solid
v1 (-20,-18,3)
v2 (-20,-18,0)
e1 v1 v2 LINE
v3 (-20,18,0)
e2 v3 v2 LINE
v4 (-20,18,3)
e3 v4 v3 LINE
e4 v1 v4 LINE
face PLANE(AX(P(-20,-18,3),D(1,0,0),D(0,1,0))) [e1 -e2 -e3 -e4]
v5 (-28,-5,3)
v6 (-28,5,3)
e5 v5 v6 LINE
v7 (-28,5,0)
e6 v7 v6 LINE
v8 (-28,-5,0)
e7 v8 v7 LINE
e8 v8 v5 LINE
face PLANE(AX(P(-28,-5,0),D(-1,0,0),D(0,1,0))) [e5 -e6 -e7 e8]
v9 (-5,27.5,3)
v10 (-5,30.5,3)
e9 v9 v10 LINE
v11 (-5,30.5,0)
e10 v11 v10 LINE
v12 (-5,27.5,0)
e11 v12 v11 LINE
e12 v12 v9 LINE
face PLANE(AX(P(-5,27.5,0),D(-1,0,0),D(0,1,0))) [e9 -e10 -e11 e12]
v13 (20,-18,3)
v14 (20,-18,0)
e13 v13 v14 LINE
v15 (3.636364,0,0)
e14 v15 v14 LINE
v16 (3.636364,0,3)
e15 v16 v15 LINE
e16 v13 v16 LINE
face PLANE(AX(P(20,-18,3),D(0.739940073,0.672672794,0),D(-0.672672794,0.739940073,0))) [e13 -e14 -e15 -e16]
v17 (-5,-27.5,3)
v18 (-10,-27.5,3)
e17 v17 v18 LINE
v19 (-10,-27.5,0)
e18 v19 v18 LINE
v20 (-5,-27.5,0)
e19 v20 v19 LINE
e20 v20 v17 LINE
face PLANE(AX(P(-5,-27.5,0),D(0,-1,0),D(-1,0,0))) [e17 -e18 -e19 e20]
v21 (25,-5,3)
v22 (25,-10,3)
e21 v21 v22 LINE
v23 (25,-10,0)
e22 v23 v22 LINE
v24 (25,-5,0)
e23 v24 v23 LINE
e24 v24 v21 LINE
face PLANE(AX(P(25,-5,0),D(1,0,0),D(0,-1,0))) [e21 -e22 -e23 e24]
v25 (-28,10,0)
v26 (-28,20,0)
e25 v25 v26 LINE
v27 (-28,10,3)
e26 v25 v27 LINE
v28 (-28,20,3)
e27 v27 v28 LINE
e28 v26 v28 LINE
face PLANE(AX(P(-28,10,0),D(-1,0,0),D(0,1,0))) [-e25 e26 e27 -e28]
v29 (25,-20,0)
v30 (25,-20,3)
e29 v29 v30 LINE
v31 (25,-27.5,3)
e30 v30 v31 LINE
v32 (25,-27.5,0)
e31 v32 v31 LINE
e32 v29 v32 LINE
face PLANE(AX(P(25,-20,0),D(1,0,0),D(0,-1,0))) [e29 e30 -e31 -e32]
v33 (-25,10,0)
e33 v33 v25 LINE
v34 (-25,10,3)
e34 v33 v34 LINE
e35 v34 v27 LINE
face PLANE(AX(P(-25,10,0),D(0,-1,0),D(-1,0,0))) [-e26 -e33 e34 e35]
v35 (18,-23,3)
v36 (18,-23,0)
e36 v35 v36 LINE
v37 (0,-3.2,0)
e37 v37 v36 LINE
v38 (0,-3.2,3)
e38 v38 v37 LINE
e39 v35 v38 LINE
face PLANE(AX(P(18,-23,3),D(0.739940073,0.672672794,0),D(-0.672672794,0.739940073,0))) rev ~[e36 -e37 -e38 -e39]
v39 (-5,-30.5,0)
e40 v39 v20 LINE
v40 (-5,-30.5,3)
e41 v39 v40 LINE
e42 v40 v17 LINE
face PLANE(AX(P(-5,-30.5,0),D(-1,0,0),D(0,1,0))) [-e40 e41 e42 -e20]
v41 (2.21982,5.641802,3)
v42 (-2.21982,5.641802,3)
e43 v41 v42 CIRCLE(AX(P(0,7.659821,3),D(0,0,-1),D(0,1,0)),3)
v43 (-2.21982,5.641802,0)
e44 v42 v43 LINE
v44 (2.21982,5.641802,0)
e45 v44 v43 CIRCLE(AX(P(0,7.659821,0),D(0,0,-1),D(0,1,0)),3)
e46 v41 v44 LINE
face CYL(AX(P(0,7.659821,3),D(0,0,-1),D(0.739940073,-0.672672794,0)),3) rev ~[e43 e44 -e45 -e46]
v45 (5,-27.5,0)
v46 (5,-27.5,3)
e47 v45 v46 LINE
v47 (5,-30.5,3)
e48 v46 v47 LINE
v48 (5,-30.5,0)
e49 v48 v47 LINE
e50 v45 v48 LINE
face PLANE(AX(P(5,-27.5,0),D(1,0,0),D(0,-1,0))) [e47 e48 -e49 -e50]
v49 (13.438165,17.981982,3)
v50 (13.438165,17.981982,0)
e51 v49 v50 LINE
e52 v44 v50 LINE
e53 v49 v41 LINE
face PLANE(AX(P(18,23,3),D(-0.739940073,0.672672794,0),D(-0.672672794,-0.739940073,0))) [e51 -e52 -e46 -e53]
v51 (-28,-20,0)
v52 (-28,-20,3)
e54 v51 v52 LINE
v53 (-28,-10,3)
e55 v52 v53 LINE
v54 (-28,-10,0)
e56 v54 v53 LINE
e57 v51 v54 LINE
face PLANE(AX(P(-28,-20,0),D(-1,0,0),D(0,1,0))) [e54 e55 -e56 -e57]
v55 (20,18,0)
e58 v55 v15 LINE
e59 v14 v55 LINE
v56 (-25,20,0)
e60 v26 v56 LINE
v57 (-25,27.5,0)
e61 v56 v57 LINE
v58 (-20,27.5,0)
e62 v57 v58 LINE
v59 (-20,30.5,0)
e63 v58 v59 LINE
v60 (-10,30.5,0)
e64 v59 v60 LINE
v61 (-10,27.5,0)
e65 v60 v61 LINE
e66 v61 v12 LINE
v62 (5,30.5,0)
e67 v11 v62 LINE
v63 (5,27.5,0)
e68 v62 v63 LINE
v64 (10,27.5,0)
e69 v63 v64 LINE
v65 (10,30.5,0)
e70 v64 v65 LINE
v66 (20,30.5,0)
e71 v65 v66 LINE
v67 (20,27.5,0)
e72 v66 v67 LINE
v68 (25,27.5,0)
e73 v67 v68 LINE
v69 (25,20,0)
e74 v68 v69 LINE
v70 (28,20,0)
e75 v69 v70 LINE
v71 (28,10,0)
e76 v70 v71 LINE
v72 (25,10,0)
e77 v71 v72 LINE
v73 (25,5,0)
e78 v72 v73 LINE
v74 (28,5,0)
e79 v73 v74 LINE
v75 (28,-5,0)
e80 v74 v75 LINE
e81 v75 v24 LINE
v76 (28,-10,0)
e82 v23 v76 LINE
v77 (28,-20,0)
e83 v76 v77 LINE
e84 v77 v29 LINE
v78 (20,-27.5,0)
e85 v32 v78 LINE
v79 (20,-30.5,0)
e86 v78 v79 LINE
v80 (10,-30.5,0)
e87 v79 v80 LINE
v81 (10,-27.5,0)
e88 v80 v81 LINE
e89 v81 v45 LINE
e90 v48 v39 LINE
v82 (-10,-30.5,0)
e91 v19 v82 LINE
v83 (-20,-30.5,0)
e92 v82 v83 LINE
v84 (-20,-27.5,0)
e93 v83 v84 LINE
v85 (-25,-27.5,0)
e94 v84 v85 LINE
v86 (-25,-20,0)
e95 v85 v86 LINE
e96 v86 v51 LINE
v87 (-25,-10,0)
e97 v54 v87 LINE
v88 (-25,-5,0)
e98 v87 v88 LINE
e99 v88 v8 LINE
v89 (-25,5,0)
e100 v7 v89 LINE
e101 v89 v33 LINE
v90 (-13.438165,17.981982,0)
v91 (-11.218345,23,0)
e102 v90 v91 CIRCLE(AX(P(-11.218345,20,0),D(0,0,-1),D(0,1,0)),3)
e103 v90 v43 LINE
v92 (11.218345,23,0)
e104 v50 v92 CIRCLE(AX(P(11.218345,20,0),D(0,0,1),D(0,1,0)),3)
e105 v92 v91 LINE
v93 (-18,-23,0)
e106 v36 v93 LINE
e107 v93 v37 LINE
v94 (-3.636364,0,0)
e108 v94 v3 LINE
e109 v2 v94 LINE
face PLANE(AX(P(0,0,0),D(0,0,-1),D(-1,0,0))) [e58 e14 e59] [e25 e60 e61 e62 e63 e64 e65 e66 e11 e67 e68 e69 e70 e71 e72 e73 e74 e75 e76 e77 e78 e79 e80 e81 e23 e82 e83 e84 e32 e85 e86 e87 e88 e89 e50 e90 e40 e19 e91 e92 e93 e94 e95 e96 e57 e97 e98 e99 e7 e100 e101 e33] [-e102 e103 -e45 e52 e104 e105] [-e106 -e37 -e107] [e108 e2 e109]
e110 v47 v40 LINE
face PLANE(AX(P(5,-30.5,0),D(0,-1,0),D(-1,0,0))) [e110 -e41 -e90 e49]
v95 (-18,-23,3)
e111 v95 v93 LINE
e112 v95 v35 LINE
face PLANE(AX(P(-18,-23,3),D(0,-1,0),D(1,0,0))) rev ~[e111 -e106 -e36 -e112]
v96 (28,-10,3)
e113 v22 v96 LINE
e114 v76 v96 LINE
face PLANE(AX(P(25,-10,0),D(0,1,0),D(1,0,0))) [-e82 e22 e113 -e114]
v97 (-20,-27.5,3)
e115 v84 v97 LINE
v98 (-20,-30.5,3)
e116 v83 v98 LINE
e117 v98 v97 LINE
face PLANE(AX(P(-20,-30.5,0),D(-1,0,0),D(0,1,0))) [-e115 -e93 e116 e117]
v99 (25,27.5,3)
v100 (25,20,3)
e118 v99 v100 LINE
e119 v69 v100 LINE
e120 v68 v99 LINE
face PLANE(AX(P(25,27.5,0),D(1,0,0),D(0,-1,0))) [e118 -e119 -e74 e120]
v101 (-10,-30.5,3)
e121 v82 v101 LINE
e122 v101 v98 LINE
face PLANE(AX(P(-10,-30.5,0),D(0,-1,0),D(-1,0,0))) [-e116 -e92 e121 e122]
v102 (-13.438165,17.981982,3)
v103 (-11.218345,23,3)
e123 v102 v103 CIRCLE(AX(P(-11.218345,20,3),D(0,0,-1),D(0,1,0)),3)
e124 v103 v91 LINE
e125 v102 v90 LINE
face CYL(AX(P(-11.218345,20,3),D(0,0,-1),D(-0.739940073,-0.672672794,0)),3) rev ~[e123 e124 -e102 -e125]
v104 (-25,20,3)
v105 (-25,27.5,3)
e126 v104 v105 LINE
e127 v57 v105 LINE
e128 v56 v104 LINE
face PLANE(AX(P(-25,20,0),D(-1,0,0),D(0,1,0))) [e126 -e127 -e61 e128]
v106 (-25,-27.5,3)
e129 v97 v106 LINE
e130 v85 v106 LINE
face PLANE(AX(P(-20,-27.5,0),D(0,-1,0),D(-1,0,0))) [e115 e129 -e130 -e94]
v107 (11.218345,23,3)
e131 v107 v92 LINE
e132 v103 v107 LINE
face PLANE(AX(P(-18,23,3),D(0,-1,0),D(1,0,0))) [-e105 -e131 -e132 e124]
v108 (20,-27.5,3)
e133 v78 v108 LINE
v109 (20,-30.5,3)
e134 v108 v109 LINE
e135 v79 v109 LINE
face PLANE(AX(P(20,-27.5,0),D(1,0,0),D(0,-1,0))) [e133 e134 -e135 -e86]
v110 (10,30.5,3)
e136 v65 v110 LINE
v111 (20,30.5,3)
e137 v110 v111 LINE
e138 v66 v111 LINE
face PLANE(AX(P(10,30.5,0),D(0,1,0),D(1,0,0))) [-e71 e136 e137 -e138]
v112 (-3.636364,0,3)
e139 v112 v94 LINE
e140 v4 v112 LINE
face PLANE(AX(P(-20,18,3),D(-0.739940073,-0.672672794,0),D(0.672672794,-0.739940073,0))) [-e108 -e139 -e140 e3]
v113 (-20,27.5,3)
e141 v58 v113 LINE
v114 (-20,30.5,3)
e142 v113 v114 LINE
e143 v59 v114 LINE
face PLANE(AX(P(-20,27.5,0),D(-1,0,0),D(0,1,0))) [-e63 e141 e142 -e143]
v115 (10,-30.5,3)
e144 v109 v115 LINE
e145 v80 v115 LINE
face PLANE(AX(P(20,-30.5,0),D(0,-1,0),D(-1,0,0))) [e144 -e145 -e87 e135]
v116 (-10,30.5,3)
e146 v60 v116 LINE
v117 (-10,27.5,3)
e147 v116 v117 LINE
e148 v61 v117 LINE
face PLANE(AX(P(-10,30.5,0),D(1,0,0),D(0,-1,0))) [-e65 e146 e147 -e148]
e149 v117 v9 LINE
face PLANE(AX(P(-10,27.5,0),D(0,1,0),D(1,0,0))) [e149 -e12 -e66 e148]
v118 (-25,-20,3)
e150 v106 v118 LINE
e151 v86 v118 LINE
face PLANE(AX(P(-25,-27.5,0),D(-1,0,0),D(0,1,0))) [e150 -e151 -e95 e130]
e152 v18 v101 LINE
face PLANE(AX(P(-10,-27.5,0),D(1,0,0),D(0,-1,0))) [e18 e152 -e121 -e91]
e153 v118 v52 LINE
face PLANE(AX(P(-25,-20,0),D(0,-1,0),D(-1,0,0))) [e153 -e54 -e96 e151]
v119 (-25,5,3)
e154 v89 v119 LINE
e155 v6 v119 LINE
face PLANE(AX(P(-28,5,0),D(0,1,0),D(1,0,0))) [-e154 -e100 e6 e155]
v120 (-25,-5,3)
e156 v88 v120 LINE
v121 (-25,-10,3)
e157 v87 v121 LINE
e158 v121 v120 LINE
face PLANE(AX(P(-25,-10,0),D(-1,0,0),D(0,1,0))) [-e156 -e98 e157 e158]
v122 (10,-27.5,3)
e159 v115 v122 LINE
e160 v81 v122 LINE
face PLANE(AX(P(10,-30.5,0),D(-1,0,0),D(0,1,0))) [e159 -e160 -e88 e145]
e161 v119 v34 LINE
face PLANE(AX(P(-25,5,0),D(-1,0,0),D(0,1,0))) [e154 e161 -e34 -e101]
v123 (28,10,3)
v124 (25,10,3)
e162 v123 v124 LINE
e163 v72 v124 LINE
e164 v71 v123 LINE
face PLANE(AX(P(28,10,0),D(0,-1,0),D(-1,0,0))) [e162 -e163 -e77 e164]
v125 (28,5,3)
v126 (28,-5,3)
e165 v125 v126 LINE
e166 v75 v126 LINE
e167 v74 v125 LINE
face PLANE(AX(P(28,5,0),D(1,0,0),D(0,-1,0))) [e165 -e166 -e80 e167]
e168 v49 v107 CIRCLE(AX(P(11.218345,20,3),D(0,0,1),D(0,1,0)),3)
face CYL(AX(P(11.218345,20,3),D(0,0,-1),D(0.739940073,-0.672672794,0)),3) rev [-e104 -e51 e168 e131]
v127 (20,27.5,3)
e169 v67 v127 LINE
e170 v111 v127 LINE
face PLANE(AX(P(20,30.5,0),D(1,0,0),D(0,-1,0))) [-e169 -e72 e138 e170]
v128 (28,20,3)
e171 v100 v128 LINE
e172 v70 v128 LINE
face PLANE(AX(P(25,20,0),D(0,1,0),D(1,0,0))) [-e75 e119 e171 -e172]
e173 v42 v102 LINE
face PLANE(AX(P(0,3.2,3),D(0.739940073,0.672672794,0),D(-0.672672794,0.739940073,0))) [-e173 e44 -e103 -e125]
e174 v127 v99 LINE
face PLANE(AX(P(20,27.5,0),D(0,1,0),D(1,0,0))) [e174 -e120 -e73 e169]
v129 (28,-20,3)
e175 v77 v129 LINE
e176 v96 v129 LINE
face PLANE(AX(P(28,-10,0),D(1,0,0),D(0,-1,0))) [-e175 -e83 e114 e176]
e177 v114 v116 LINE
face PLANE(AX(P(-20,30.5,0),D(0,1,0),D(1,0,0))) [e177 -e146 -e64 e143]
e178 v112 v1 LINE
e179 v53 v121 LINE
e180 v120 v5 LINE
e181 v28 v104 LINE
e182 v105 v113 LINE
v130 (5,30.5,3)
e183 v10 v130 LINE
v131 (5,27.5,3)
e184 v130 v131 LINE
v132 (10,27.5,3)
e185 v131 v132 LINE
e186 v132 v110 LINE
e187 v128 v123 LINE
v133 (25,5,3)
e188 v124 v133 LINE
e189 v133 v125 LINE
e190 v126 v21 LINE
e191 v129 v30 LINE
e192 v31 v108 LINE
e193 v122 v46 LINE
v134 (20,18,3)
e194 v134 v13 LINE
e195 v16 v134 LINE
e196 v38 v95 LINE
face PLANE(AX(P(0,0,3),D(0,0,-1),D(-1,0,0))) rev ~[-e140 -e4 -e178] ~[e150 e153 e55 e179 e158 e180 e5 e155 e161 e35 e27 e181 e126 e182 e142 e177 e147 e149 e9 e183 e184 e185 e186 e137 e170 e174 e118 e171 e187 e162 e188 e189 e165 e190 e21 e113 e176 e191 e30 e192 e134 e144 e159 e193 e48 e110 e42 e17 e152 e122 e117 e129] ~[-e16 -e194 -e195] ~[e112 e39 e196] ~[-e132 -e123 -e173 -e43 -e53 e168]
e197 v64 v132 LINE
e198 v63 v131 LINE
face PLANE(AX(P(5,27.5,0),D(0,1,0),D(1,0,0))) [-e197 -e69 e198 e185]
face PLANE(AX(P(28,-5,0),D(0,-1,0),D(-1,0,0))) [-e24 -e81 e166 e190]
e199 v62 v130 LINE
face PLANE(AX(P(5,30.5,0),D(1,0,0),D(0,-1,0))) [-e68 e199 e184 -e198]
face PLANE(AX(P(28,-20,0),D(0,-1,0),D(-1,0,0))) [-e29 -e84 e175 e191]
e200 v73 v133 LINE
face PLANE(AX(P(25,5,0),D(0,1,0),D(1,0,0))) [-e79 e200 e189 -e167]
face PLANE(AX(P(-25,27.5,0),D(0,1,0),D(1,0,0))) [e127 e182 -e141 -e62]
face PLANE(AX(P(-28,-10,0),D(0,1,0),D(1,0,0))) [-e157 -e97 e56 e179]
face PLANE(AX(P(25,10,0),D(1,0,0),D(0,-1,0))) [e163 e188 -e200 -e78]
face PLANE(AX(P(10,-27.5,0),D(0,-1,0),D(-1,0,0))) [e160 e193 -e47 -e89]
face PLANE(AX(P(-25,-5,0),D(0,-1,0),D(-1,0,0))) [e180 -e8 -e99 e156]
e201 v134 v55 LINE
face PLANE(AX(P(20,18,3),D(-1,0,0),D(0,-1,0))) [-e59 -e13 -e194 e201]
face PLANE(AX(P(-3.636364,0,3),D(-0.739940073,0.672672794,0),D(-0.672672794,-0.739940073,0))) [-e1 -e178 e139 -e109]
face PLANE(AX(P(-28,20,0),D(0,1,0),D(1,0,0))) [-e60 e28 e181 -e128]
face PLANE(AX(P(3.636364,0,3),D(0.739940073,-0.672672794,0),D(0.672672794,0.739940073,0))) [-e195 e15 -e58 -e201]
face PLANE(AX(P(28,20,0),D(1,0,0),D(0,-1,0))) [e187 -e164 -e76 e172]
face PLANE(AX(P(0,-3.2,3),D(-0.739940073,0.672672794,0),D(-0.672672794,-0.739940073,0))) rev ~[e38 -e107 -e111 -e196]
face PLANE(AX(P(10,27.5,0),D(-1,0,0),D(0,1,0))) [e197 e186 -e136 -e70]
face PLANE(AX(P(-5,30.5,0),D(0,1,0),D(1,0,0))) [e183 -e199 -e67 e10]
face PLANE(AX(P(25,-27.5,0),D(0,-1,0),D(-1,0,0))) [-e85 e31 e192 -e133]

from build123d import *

# Parameters (mm, degrees)
EXTRUDE_1_DEPTH     = 3
CUT_EXTRUDE_1_DEPTH = 10
FILLET_2_R          = 3


with BuildPart() as part:
    # 草图1 → 凸台-拉伸1 (new body)
    with BuildSketch(Plane.XY):
        Polygon((-25, 27.5), (-20, 27.5), (-20, 30.5), (-10, 30.5), (-10, 27.5), (-5, 27.5), (-5, 30.5), (5, 30.5), (5, 27.5), (10, 27.5), (10, 30.5), (20, 30.5), (20, 27.5), (25, 27.5), (25, 20), (28, 20), (28, 10), (25, 10), (25, 5), (28, 5), (28, -5), (25, -5), (25, -10), (28, -10), (28, -20), (25, -20), (25, -27.5), (20, -27.5), (20, -30.5), (10, -30.5), (10, -27.5), (5, -27.5), (5, -30.5), (-5, -30.5), (-5, -27.5), (-10, -27.5), (-10, -30.5), (-20, -30.5), (-20, -27.5), (-25, -27.5), (-25, -20), (-28, -20), (-28, -10), (-25, -10), (-25, -5), (-28, -5), (-28, 5), (-25, 5), (-25, 10), (-28, 10), (-28, 20), (-25, 20), align=None)
    extrude(amount=EXTRUDE_1_DEPTH)

    # 草图2 → 切除-拉伸1 (cut)
    with BuildSketch(Plane.XY.offset(3)):
        Polygon((-18, 23), (18, 23), (0, 3.2), align=None)
        Polygon((-18, -23), (18, -23), (0, -3.2), align=None)
        Polygon((20, 18), (20, -18), (3.636363636, 0), align=None)
        Polygon((-20, 18), (-3.636363636, 0), (-20, -18), align=None)
    extrude(amount=-CUT_EXTRUDE_1_DEPTH, mode=Mode.SUBTRACT)

    # 圆角2
    fillet_2_edges = [part.edges().sort_by_distance(p)[0] for p in [
        (18, 23, 1.5),
        (0, 3.2, 1.5),
        (-18, 23, 1.5),
    ]]
    fillet(fillet_2_edges, radius=FILLET_2_R)


solid = part.part
